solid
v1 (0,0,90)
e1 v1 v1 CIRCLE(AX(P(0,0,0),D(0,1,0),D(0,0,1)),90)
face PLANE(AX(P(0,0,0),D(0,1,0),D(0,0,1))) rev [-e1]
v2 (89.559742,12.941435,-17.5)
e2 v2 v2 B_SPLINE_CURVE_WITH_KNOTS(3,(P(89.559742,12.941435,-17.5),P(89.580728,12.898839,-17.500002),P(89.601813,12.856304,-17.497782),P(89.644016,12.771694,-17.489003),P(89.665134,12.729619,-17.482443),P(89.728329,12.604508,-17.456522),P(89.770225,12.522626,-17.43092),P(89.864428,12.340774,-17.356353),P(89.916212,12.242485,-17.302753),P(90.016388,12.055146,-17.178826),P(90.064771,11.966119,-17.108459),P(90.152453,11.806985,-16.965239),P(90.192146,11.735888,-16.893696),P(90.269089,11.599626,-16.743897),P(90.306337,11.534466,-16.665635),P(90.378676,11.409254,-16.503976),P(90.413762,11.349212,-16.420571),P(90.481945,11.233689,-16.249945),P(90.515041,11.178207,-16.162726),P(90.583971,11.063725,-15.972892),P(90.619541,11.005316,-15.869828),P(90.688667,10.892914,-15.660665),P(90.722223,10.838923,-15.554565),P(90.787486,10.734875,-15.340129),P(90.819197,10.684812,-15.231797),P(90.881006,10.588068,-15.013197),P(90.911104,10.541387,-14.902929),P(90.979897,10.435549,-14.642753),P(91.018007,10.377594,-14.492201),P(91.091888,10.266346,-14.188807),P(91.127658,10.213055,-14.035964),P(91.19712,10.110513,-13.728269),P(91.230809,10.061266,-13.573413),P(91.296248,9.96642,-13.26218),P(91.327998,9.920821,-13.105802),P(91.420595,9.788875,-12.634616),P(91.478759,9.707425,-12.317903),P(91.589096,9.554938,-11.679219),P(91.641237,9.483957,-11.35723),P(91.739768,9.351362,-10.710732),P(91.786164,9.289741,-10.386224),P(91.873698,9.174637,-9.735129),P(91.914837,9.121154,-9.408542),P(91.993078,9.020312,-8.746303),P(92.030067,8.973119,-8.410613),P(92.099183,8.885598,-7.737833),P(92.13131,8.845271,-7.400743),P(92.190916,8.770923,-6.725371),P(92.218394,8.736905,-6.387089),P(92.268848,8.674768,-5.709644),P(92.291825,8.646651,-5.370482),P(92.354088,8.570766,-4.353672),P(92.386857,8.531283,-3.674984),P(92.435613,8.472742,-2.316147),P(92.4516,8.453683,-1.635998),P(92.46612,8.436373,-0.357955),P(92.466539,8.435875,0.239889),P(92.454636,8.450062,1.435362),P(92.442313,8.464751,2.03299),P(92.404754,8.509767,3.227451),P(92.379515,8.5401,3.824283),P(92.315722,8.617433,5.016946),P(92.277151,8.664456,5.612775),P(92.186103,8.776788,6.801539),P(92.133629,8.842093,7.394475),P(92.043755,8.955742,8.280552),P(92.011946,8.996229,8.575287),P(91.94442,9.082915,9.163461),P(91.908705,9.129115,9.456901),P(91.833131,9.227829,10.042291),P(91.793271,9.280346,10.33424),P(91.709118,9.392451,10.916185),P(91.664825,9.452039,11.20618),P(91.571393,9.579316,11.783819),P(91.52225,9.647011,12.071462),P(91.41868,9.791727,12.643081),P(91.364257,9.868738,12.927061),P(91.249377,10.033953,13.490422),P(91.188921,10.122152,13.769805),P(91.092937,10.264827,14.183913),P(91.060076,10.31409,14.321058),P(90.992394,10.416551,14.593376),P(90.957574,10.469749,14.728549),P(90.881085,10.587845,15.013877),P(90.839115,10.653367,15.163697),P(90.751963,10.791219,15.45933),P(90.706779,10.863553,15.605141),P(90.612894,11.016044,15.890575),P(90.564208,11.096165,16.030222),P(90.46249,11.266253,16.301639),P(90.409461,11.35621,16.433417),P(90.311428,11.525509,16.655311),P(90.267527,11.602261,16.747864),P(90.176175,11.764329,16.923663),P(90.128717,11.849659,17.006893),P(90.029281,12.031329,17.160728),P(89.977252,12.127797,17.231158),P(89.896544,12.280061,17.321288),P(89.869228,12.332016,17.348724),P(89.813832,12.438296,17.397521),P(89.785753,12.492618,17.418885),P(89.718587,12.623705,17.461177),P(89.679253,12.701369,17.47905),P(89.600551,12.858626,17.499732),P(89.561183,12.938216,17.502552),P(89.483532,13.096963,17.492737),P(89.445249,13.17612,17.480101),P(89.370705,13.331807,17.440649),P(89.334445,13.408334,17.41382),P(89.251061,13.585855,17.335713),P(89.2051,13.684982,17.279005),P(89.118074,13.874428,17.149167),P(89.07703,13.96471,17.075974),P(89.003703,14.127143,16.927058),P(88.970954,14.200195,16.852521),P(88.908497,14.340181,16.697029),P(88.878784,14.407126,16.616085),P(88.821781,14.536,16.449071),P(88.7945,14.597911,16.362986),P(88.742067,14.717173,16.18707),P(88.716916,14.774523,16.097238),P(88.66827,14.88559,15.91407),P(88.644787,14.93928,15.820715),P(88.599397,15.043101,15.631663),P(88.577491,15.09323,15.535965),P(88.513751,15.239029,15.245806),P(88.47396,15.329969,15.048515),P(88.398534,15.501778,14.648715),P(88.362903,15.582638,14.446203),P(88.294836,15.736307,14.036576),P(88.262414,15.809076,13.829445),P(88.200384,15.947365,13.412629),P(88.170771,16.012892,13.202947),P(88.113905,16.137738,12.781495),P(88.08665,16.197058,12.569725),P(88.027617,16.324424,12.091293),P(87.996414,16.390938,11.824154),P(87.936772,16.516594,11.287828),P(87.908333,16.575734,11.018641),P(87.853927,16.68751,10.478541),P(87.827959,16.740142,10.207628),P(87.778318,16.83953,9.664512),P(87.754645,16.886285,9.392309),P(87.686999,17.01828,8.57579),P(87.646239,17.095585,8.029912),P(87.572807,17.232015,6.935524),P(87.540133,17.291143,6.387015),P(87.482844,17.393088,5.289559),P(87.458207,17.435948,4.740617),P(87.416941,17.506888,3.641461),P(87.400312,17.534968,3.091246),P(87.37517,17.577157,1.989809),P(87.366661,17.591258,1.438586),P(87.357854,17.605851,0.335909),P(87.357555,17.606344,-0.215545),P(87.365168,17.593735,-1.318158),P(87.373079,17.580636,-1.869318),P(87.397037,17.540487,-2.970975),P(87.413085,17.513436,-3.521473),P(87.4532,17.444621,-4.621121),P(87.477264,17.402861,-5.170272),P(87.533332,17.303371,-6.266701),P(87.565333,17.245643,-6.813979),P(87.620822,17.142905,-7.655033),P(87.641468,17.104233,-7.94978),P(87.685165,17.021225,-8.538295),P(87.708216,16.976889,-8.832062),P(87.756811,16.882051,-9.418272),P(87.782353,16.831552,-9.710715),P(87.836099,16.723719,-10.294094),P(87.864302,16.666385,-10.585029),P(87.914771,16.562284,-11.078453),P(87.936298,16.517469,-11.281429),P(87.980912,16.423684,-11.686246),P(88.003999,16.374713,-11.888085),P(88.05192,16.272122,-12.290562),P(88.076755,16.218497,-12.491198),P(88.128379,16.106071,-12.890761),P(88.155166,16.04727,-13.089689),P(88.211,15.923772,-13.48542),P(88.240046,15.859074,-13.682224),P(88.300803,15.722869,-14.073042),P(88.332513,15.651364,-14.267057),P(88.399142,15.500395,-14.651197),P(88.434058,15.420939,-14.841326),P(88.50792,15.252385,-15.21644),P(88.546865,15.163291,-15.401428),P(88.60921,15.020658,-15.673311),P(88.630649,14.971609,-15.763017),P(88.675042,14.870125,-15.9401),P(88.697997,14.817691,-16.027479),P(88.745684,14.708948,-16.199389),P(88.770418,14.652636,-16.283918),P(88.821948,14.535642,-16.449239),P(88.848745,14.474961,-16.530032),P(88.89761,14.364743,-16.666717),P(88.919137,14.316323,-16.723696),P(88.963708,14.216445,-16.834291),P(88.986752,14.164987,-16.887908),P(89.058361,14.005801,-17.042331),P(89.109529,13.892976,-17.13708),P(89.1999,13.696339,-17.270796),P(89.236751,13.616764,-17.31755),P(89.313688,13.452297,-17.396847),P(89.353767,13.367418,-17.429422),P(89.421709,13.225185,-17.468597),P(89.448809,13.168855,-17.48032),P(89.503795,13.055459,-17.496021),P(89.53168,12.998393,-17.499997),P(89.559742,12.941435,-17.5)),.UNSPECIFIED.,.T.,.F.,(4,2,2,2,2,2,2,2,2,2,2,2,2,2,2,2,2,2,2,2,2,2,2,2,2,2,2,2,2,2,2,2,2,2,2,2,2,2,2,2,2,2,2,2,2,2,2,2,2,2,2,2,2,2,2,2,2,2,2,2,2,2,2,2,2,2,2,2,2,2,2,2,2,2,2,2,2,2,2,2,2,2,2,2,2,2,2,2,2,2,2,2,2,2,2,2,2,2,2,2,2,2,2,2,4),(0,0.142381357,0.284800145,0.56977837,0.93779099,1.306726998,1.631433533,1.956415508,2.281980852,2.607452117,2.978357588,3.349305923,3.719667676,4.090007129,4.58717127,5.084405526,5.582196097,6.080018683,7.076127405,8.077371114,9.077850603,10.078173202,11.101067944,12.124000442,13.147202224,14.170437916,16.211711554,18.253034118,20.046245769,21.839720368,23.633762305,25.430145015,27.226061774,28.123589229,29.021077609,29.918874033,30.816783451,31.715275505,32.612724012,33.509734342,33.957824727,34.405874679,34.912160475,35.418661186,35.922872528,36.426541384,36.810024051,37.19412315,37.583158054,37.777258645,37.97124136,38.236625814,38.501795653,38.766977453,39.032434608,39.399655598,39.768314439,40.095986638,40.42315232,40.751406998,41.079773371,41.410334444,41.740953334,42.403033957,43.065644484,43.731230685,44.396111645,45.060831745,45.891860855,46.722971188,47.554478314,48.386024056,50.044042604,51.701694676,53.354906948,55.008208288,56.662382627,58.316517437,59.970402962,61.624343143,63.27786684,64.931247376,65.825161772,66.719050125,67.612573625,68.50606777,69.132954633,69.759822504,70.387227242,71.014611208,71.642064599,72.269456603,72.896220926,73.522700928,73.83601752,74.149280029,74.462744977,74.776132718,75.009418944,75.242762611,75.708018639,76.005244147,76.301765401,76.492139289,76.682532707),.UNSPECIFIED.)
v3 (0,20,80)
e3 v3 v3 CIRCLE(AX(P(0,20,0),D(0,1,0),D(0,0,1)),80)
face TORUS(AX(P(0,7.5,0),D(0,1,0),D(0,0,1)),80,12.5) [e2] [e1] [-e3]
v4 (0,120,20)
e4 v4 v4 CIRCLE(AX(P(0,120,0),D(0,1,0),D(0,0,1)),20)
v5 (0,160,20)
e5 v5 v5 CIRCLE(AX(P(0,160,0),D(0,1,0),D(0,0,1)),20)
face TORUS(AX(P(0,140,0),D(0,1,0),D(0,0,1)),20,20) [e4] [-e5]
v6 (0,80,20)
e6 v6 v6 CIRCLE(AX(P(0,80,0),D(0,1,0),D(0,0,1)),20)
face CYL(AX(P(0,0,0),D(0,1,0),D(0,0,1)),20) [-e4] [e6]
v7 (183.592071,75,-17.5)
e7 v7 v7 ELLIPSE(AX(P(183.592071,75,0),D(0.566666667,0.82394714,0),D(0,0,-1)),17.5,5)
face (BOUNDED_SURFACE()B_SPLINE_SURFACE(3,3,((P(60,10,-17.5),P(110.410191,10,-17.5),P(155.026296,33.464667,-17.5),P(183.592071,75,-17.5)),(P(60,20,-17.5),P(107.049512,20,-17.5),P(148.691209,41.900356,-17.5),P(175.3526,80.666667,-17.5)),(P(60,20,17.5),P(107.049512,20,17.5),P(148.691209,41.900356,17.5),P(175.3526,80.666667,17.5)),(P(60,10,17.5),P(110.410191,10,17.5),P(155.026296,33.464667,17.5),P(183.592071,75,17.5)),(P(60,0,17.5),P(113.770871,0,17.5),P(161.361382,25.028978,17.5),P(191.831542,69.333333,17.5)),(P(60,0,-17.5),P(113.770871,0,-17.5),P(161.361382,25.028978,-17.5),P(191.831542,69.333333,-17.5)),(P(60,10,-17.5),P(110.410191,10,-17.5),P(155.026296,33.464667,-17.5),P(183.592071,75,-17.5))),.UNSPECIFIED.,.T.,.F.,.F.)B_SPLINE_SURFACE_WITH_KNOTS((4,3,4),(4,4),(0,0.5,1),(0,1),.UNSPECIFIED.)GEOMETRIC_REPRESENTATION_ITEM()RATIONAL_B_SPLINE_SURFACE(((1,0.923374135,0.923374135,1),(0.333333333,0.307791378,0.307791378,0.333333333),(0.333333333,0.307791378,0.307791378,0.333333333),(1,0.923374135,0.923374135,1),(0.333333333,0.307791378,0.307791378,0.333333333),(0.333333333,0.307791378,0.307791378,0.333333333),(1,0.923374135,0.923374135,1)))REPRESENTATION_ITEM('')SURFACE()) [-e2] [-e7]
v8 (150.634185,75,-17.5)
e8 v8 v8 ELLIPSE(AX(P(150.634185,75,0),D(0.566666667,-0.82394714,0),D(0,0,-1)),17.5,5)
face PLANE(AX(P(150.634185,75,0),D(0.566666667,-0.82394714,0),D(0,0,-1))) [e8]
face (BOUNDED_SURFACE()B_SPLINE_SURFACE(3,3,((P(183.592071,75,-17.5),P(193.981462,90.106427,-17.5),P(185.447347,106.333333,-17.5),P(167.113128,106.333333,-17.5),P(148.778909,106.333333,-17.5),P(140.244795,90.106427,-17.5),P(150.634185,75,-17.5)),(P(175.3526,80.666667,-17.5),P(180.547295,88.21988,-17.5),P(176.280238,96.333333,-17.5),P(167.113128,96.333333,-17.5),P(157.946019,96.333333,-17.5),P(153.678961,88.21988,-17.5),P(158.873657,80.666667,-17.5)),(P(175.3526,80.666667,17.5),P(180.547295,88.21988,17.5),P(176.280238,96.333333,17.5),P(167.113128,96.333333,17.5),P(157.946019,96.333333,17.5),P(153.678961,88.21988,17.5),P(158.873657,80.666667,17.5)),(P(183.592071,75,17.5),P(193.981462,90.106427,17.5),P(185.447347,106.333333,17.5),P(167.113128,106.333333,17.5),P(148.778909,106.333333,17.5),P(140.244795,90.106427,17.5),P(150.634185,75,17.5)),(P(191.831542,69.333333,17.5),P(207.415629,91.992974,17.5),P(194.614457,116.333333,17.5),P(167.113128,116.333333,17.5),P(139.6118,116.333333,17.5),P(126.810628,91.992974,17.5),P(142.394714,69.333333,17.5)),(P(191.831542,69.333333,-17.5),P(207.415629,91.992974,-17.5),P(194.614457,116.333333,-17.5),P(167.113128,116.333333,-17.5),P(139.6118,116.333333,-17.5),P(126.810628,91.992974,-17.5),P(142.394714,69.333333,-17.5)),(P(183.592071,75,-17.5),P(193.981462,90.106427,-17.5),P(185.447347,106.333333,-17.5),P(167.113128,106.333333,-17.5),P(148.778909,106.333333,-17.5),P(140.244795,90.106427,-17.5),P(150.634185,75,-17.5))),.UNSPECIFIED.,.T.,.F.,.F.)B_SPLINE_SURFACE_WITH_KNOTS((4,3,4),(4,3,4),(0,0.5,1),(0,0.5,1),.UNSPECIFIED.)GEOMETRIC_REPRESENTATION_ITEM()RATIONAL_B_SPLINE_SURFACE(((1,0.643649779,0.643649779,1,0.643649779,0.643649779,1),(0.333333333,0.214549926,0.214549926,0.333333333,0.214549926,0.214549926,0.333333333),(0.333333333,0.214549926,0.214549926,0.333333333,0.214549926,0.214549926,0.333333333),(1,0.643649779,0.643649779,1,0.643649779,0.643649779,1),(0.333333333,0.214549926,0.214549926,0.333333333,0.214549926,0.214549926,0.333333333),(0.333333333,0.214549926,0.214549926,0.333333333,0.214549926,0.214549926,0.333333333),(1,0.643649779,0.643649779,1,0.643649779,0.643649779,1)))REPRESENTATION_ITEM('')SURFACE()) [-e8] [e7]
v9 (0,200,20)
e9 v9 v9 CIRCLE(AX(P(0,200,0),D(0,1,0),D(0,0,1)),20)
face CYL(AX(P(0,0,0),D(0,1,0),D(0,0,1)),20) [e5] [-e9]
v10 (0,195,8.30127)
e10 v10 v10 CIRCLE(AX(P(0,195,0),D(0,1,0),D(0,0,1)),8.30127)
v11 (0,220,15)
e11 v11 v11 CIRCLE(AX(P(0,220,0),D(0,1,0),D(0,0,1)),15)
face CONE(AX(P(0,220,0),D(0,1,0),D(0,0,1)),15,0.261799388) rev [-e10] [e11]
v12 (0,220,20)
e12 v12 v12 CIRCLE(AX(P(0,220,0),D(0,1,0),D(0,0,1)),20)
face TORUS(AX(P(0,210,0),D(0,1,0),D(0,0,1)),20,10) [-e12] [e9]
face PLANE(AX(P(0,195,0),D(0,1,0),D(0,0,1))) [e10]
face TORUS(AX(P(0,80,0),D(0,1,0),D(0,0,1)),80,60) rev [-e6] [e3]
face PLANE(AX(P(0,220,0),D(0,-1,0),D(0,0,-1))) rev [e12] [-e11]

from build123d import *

# Parameters (mm, degrees)
SKETCH3_RX         = 17.5
SKETCH3_RY         = 5
SKETCH4_R          = 15
CUT_EXTRUDE1_DEPTH = 25
CUT_EXTRUDE1_TAPER = 15


with BuildPart() as part:
    # Sketch1 → Revolve1 (revolve)
    with BuildSketch(Plane.XY):
        with BuildLine():
            Line((0, 0), (0, 220))
            Line((0, 220), (20, 220))
            ThreePointArc((20, 220), (30, 210), (20, 200))
            Line((20, 200), (20, 160))
            ThreePointArc((20, 160), (40, 140), (20, 120))
            Line((20, 120), (20, 80))
            ThreePointArc((20, 80), (37.573593129, 37.573593129), (80, 20))
            ThreePointArc((80, 20), (91.180339887, 13.090169944), (90, 0))
            Line((90, 0), (0, 0))
        make_face()
    revolve(axis=Axis((0, 0, 0), (0, 1, 0)))

    # Sweep1: sweep along a path in Sketch2
    with BuildLine(Plane.XY) as sweep1_path:
        Line((0, 10), (60, 10))
        ThreePointArc((60, 10), (129.821200219, 27.240819526), (183.592070943, 75))
        ThreePointArc((183.592070943, 75), (167.113128151, 106.333333333), (150.634185358, 75))
    # Sketch3 → Sweep1 (sweep)
    with BuildSketch(Plane(origin=(0, 0, 0), x_dir=(0, 0, -1), z_dir=(1, 0, 0))):
        with Locations((0, 10)):
            Ellipse(SKETCH3_RX, SKETCH3_RY)
    sweep(path=sweep1_path.line)

    # Sketch4 → Cut-Extrude1 (cut)
    with BuildSketch(Plane(origin=(0, 220, 0), x_dir=(1, 0, 0), z_dir=(0, 1, 0))):
        Circle(SKETCH4_R)
    extrude(amount=-CUT_EXTRUDE1_DEPTH, taper=CUT_EXTRUDE1_TAPER, mode=Mode.SUBTRACT)


solid = part.part
